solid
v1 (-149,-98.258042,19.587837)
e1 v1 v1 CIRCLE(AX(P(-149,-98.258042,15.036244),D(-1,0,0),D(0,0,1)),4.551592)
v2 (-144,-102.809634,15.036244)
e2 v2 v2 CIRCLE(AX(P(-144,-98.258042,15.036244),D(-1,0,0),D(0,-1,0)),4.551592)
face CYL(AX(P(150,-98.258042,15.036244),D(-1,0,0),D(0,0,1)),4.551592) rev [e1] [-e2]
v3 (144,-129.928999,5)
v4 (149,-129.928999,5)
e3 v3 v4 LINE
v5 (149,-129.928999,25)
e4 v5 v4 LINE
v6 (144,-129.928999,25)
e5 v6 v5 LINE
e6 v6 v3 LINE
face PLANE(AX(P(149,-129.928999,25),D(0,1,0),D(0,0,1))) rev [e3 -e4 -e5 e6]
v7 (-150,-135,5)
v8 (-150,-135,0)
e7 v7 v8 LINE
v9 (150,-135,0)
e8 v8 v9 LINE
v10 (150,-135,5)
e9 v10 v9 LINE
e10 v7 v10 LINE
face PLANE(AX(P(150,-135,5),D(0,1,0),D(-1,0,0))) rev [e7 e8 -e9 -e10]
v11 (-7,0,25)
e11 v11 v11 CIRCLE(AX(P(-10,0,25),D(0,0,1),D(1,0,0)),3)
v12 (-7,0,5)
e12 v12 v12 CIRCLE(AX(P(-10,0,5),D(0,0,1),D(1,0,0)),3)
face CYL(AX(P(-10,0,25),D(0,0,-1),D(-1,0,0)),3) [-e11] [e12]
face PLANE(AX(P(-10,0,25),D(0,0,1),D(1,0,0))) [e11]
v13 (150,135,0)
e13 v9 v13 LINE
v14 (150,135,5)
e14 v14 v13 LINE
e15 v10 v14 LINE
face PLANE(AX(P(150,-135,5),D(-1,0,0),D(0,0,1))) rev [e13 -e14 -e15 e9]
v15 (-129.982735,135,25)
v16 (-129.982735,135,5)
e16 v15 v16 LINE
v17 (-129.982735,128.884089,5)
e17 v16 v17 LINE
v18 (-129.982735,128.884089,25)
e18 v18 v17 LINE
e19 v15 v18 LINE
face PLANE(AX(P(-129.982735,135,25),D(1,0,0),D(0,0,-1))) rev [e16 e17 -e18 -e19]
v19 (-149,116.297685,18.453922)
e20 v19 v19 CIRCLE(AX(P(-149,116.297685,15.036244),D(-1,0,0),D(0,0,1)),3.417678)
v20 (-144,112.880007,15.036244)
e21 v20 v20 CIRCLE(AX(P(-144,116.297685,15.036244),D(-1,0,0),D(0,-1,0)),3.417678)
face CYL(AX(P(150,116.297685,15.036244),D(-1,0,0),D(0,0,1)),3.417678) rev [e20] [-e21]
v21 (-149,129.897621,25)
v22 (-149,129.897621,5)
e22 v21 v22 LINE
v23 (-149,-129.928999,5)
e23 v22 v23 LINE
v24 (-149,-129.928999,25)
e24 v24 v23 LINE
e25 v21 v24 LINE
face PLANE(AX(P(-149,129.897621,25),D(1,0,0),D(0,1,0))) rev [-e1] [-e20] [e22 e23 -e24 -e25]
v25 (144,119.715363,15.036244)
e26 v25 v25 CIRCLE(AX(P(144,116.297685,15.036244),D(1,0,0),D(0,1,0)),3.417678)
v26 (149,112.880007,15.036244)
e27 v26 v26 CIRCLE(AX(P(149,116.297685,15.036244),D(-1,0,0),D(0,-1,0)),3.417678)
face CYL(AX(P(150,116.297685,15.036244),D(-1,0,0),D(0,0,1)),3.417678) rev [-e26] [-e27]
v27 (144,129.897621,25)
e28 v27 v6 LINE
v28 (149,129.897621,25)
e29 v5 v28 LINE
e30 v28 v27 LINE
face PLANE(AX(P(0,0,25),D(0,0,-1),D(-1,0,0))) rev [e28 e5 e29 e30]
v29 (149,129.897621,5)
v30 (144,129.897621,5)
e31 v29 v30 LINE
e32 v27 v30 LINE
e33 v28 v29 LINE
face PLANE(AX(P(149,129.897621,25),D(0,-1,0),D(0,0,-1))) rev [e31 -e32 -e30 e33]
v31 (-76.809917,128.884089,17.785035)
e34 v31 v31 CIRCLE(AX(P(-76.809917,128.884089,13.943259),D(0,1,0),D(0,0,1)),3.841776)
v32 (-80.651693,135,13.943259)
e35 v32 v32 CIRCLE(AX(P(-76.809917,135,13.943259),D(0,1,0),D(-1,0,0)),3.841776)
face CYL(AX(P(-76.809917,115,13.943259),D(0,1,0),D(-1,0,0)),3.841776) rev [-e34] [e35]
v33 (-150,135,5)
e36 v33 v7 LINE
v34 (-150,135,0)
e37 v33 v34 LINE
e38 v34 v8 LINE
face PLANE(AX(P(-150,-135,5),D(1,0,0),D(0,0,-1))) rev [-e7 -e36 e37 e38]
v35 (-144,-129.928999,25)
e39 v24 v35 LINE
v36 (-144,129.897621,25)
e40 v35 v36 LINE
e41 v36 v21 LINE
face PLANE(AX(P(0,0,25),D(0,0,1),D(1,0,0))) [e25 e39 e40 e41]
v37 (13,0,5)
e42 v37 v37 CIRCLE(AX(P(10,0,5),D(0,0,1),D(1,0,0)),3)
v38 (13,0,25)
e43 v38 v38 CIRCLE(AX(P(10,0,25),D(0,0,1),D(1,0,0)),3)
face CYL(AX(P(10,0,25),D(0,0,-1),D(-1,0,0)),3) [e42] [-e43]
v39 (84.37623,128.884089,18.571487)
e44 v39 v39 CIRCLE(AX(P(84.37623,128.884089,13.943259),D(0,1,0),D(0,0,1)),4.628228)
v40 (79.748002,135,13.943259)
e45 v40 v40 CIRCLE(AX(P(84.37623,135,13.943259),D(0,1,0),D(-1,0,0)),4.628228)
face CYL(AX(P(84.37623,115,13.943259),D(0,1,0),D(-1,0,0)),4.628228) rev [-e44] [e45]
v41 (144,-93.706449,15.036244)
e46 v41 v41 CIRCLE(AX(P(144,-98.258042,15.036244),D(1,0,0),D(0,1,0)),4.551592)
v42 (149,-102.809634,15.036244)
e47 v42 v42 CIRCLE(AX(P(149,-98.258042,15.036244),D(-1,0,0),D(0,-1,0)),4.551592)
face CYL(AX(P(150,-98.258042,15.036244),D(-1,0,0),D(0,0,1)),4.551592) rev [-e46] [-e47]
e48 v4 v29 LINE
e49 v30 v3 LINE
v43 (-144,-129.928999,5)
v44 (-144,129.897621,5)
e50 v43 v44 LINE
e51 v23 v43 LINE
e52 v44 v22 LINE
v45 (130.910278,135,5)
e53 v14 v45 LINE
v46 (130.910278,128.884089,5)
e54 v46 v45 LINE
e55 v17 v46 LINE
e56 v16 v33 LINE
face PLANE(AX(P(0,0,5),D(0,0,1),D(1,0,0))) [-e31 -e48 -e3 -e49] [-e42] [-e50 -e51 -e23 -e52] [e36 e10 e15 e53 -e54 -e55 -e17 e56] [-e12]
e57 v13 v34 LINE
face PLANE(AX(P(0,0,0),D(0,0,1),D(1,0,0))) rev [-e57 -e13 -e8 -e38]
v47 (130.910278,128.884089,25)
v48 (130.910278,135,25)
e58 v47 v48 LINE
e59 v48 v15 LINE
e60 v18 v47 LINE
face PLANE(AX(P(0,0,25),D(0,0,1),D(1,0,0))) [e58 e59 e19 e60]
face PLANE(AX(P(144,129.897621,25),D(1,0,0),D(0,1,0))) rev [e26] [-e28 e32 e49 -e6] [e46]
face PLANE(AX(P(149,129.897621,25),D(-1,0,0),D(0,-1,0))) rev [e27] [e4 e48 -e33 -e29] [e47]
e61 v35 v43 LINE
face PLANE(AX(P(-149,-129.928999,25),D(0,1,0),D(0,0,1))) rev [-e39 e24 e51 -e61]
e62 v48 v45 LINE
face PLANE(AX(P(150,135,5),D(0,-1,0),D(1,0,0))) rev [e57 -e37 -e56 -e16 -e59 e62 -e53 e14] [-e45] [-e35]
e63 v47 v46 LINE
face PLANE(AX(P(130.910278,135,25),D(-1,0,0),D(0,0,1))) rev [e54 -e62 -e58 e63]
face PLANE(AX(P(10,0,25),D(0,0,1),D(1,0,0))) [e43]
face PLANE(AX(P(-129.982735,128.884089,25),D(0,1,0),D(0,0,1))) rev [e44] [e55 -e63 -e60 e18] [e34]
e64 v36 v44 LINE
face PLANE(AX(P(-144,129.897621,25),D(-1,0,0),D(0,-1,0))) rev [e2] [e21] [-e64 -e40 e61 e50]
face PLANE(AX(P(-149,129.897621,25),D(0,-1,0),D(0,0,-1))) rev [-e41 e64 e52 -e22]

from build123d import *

# Parameters (mm, degrees)
CROQUIS1_W              = 300
CROQUIS1_H              = 270
SALIENTE_EXTRUIR1_DEPTH = 5
CROQUIS2_W              = 5
CROQUIS2_H              = 259.826620651
CROQUIS2_W_2            = 260.893012834
CROQUIS2_H_2            = 6.115910783
SALIENTE_EXTRUIR2_DEPTH = 20
CROQUIS3_R              = 3.417677686
CROQUIS3_R_2            = 4.551592261
CORTAR_EXTRUIR1_DEPTH   = 330.015197217
CROQUIS4_R              = 3
SALIENTE_EXTRUIR3_DEPTH = 20
CROQUIS5_R              = 3.841776338
CROQUIS5_R_2            = 4.628228364
CORTAR_EXTRUIR2_DEPTH   = 20


with BuildPart() as part:
    # Croquis1 → Saliente-Extruir1 (new body)
    with BuildSketch(Plane.XY):
        Rectangle(CROQUIS1_W, CROQUIS1_H)
    extrude(amount=SALIENTE_EXTRUIR1_DEPTH)

    # Croquis2 → Saliente-Extruir2 (add)
    with BuildSketch(Plane.XY.offset(5)):
        with Locations((-146.5, -0.015689121)):
            Rectangle(CROQUIS2_W, CROQUIS2_H)
        with Locations((146.5, -0.015689121)):
            Rectangle(CROQUIS2_W, CROQUIS2_H)
        with Locations((0.463771802, 131.942044608)):
            Rectangle(CROQUIS2_W_2, CROQUIS2_H_2)
    extrude(amount=SALIENTE_EXTRUIR2_DEPTH)

    # Croquis3 → Cortar-Extruir1 (cut, through all)
    with BuildSketch(Plane.ZY.offset(149)):
        with Locations(Location((15.036244293, 116.297685092, 0), (0, 0, 90))):
            Circle(CROQUIS3_R)
        with Locations(Location((15.036244293, -98.258041649, 0), (0, 0, 90))):
            Circle(CROQUIS3_R_2)
    extrude(amount=-CORTAR_EXTRUIR1_DEPTH, mode=Mode.SUBTRACT)

    # Croquis4 → Saliente-Extruir3 (add)
    with BuildSketch(Plane.XY.offset(5)):
        with Locations((-10, 0)):
            Circle(CROQUIS4_R)
        with Locations((10, 0)):
            Circle(CROQUIS4_R)
    extrude(amount=SALIENTE_EXTRUIR3_DEPTH)

    # Croquis5 → Cortar-Extruir2 (cut)
    with BuildSketch(Plane(origin=(0, 135, 0), x_dir=(1, 0, 0), z_dir=(0, 1, 0))):
        with Locations(Location((-76.809917119, -13.943258858, 0), (0, 0, 180))):
            Circle(CROQUIS5_R)
        with Locations(Location((84.376229975, -13.943258858, 0), (0, 0, 180))):
            Circle(CROQUIS5_R_2)
    extrude(amount=-CORTAR_EXTRUIR2_DEPTH, mode=Mode.SUBTRACT)


solid = part.part
